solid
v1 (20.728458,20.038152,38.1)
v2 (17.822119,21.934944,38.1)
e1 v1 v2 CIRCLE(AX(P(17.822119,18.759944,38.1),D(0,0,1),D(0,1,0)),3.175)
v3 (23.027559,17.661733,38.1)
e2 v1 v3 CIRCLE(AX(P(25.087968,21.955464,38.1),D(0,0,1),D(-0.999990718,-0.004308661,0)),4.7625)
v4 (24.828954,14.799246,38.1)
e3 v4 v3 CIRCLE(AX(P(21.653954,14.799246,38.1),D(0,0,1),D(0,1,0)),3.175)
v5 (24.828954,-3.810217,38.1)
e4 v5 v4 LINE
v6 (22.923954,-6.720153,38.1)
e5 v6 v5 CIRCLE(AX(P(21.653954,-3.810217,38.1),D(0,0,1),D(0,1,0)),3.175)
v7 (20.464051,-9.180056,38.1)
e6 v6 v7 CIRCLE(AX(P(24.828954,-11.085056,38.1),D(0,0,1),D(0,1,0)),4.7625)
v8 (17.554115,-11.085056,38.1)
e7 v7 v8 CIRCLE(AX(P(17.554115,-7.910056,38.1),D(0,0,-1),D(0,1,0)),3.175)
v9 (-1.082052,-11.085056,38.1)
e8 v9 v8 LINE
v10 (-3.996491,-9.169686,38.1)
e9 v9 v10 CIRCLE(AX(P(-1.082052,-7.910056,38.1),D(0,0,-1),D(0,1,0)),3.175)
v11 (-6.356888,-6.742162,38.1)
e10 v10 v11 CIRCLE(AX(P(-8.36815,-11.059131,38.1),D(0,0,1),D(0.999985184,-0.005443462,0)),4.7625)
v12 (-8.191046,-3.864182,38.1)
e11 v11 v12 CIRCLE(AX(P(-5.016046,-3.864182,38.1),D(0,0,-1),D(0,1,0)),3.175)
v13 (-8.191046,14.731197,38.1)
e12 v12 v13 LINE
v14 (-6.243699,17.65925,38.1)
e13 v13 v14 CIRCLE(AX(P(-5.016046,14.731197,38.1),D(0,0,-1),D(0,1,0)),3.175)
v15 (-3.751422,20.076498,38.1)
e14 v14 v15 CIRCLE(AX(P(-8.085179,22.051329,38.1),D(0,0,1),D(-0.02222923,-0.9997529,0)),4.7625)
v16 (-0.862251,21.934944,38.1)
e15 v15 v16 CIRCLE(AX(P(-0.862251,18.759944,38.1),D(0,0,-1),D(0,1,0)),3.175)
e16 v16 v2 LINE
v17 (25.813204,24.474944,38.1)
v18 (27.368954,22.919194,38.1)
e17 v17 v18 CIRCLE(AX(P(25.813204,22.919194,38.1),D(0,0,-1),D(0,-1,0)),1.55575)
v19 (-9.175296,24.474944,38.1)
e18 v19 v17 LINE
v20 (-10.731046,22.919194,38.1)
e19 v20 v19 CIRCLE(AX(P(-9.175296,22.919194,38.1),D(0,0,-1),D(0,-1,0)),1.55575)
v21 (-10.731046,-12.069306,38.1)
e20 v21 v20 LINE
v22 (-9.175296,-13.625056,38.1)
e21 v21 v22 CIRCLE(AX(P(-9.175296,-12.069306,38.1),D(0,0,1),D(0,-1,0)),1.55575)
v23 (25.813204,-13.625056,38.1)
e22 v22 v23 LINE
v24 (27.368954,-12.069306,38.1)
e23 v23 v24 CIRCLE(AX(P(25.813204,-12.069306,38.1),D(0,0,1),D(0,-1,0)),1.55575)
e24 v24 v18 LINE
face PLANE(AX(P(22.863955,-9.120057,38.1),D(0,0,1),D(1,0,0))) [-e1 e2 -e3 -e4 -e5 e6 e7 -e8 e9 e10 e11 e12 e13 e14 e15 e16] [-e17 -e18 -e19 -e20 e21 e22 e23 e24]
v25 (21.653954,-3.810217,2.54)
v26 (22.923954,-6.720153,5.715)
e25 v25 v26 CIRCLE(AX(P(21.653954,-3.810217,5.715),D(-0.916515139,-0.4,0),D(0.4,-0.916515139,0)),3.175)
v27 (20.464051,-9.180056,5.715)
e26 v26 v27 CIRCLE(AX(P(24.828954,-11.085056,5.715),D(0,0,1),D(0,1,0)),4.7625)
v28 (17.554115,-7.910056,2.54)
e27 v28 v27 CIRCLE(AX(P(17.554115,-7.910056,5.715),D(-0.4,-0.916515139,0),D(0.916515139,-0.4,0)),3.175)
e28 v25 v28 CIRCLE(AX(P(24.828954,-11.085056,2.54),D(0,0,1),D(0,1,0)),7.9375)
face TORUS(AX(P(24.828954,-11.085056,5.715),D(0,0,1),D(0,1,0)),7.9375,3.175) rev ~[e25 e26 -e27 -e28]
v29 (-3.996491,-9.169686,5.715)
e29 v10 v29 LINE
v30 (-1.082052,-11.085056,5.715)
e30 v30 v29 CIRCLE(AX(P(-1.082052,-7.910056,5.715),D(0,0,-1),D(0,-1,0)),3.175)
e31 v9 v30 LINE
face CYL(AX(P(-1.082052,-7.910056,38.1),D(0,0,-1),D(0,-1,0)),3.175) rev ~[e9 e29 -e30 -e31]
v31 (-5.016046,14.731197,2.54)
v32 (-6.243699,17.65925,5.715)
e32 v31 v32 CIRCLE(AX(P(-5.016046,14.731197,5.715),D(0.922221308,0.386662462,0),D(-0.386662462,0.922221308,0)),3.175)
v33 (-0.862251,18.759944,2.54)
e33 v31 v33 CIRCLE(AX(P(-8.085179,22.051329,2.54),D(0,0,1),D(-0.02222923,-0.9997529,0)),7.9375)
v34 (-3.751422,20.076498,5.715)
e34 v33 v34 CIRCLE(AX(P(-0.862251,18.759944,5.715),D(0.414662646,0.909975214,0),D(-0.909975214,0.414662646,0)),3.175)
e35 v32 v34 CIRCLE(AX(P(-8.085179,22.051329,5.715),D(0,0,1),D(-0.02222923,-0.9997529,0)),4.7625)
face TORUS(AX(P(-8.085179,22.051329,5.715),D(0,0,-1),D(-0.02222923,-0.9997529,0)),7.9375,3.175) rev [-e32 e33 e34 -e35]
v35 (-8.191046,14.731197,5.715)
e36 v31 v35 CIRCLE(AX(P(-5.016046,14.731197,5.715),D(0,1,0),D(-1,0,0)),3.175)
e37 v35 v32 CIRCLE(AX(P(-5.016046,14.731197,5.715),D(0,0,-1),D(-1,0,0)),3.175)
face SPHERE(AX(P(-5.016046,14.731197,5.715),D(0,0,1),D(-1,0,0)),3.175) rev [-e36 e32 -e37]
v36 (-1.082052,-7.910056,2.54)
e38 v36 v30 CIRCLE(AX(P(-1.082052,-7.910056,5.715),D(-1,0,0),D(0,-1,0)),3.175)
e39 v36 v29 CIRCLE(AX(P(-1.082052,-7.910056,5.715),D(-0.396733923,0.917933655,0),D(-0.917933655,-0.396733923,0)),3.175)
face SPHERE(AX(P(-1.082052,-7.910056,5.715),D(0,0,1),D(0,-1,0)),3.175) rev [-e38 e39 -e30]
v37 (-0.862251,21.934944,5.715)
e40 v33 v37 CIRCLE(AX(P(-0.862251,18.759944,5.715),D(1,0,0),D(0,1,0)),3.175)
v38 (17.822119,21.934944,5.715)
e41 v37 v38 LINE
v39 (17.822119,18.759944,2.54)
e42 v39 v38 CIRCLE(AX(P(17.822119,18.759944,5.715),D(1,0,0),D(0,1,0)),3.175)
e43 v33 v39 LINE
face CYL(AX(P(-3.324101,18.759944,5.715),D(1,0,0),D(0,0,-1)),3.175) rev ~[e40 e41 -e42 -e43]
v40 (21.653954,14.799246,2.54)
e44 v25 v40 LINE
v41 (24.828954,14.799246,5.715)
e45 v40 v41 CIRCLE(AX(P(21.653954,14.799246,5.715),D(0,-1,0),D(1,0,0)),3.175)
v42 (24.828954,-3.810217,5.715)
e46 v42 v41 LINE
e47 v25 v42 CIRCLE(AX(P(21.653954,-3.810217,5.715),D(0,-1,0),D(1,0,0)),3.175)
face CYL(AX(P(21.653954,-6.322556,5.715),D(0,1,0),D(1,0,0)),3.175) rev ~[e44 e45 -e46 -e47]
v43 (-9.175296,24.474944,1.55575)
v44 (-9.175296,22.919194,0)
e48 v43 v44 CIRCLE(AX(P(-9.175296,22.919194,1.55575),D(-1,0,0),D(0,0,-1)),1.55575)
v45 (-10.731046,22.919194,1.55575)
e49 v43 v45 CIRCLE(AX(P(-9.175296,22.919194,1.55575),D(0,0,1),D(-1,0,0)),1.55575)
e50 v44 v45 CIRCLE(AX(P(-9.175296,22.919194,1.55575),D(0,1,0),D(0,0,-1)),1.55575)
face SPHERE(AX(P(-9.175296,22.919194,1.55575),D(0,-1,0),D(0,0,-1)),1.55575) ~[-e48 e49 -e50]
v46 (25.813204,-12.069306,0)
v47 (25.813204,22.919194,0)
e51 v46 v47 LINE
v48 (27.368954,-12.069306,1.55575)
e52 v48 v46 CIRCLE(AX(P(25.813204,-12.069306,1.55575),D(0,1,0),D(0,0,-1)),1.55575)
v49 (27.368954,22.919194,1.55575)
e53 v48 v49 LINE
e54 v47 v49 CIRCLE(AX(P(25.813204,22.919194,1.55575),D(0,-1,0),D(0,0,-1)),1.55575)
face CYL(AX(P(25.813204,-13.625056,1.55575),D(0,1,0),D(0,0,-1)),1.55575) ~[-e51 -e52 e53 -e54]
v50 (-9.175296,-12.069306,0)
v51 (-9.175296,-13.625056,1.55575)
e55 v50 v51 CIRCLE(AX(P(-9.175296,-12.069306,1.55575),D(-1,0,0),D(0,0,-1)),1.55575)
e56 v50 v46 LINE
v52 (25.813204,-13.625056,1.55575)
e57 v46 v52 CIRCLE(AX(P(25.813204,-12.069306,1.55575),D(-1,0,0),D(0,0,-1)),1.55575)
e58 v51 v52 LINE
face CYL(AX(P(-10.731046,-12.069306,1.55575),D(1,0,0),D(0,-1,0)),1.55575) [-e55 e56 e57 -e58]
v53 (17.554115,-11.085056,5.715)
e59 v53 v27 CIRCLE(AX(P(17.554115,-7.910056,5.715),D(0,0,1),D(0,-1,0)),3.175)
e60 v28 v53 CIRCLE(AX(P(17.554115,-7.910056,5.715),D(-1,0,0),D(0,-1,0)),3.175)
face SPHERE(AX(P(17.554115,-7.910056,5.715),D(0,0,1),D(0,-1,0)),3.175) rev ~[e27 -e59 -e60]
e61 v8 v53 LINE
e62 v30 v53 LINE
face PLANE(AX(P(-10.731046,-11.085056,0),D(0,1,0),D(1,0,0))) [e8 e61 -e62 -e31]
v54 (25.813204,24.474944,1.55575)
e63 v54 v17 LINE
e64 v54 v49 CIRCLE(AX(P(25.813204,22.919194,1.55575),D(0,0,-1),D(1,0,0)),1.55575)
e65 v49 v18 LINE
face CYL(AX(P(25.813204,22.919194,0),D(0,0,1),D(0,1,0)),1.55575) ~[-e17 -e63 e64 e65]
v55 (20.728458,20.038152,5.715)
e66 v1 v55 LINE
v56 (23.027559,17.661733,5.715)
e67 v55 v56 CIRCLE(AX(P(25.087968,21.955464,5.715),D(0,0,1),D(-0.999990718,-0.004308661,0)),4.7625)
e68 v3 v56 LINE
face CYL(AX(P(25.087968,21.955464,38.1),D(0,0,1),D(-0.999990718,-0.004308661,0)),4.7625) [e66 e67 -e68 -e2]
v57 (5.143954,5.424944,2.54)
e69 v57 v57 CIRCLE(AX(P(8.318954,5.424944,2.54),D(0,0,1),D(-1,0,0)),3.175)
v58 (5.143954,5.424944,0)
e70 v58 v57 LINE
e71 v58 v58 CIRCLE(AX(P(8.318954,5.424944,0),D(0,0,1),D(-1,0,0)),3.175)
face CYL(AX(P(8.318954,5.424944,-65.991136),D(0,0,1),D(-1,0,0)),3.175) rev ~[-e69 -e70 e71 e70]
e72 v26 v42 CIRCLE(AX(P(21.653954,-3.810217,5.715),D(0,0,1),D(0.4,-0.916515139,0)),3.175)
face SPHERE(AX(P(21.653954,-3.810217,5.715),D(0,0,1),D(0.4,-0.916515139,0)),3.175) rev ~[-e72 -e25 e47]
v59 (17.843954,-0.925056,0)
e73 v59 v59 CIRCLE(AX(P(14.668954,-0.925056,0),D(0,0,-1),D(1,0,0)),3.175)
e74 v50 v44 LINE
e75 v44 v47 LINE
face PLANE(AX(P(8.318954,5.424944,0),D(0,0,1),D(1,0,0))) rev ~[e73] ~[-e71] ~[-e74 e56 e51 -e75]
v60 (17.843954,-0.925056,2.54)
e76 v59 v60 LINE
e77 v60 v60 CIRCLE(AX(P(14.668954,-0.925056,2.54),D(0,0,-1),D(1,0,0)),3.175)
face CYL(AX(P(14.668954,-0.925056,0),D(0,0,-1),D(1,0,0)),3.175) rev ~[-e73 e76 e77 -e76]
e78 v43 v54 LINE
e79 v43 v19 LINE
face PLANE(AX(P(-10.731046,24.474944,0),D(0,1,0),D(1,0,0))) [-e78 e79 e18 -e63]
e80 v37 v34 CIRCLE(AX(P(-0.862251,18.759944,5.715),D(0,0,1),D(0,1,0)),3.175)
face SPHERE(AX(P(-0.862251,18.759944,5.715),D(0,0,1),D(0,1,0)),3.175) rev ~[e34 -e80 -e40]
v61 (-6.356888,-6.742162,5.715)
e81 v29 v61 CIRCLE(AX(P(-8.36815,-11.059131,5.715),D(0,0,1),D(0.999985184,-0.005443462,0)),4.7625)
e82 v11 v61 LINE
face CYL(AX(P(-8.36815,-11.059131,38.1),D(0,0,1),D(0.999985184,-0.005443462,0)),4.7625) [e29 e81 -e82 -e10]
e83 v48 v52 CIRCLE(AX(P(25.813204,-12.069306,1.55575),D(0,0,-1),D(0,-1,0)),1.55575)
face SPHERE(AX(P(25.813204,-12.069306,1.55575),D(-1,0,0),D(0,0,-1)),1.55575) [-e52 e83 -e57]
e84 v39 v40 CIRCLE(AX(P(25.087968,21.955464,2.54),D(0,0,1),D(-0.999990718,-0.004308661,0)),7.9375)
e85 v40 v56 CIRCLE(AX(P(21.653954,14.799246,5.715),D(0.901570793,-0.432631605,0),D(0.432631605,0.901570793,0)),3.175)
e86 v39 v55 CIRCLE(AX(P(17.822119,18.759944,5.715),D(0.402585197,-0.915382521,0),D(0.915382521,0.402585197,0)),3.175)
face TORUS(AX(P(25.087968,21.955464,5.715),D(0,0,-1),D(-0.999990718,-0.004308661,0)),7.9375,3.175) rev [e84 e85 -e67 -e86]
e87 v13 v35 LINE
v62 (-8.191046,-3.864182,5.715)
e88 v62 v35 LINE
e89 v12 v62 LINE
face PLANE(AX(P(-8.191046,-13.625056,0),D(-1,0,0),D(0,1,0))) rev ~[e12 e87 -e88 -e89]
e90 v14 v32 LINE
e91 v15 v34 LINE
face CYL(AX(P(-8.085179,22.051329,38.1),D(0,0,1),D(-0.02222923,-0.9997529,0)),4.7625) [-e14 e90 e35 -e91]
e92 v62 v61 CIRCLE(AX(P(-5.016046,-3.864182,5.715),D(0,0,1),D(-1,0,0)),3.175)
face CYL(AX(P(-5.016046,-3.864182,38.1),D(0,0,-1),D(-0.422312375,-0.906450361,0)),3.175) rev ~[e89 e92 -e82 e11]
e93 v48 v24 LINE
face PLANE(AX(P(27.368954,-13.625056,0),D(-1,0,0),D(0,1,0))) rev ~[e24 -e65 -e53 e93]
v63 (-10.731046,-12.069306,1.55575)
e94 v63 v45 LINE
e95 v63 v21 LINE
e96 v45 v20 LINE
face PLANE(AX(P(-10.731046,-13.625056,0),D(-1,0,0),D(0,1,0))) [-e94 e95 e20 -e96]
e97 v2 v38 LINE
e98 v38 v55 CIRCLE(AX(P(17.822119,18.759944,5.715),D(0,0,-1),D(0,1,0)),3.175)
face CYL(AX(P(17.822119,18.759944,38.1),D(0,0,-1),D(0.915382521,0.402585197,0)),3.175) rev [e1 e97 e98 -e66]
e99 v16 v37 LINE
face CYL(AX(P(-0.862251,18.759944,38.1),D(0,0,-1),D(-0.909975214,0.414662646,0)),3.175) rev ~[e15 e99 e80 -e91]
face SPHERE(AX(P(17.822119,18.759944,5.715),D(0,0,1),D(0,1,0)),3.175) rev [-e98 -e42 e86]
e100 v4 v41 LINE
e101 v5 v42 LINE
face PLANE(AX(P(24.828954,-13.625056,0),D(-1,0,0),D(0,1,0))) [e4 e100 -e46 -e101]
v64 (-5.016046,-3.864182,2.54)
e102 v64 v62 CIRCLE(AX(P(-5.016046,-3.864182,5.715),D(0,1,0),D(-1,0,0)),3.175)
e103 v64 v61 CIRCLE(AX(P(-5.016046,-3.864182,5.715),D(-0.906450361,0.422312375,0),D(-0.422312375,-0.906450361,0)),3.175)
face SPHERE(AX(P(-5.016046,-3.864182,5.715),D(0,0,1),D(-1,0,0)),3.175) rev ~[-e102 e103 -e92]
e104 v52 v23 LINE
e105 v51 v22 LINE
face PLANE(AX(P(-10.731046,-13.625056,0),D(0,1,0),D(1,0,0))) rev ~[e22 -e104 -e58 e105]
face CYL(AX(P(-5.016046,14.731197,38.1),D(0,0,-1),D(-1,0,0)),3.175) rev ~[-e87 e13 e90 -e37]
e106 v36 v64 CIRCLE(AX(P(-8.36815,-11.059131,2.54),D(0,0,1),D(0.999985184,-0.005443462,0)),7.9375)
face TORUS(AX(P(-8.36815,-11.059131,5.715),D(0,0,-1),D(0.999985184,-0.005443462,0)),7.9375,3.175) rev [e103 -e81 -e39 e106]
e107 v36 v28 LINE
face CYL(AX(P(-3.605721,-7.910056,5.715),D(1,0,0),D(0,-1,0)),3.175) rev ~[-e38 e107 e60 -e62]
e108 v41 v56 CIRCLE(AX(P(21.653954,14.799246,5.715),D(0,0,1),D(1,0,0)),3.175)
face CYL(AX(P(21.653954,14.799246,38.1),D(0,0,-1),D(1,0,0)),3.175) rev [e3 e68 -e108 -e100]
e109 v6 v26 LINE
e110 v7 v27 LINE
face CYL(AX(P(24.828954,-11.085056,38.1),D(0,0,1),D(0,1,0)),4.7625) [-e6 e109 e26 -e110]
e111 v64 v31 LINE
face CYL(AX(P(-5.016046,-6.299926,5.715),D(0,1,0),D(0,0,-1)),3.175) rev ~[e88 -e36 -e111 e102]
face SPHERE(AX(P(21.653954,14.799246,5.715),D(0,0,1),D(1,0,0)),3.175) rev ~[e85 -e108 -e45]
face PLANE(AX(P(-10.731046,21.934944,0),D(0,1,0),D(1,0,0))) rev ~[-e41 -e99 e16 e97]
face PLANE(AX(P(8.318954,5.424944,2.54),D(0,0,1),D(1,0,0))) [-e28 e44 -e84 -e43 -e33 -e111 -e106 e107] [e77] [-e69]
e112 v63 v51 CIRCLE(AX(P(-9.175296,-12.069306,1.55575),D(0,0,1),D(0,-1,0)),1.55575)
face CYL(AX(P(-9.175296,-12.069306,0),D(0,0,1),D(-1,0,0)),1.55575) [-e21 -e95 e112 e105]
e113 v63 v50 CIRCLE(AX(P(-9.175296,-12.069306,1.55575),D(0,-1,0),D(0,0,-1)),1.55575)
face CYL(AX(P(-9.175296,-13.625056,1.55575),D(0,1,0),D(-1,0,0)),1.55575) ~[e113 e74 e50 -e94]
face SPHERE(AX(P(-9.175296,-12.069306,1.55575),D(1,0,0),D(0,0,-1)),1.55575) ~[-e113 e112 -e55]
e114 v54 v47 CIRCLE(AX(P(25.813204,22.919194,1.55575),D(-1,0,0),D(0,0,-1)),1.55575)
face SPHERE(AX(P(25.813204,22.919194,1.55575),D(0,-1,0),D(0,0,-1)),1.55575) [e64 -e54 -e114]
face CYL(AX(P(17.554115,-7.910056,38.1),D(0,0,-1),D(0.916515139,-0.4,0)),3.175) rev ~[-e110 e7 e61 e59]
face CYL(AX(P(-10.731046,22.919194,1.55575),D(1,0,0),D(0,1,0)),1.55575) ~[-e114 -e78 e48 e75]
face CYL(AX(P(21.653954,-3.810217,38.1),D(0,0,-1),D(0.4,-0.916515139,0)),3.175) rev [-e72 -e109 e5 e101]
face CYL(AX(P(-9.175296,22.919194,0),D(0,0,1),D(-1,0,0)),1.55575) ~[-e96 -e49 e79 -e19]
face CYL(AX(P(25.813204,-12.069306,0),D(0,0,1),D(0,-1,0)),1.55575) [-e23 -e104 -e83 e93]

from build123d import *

# Parameters (mm, degrees)
F0_W      = 38.1
F0_H      = 38.1
F1_DEPTH  = 38.1
F2_T      = -2.54
F4_D      = 6.35
F5_R      = 1.55575
F7_DEPTH  = 35.56
F8_R      = 3.175
F9_R      = 3.175
F10_DEPTH = 38.101


with BuildPart() as f1:
    # F0 (on Top) → F1 (new body)
    with BuildSketch(Plane.XY):
        with Locations((8.3189541474, 5.4249440373)):
            Rectangle(F0_W, F0_H)
    extrude(amount=F1_DEPTH)

    # F2
    f2_openings = [f1.faces().sort_by_distance(p)[0] for p in [
        (8.318954, 5.424944, 38.1),
    ]]
    offset(amount=F2_T, openings=f2_openings)

    # F4 (through all)
    with Locations(Plane(origin=(0, 0, 0), x_dir=(1, 0, 0), z_dir=(0, 0, -1))):
        with Locations((8.3189541474, -5.4249440373)):
            Hole(F4_D / 2)

    # F5
    f5_edges = [f1.edges().sort_by_distance(p)[0] for p in [
        (8.318954, -13.625056, 0),
        (-10.731046, 5.424944, 0),
        (27.368954, 5.424944, 0),
        (8.318954, 24.474944, 0),
        (27.368954, 24.474944, 19.05),
        (27.368954, -13.625056, 19.05),
        (-10.731046, 24.474944, 19.05),
        (-10.731046, -13.625056, 19.05),
    ]]
    fillet(f5_edges, radius=F5_R)

    # F6 (on face) → F7 (join, through all)
    with BuildSketch(Plane.XY.offset(38.1)):
        with BuildLine():
            Line((24.8289541474, -11.0850559627), (24.8289541474, -6.3225559627))
            ThreePointArc((24.8289541474, -6.3225559627), (21.461358102, -7.7174599173), (20.0664541474, -11.0850559627))
            Line((20.0664541474, -11.0850559627), (24.8289541474, -11.0850559627))
        make_face()
        with BuildLine():
            Line((24.8289541474, 21.9349440373), (20.3255117221, 21.9349440373))
            ThreePointArc((20.3255117221, 21.9349440373), (21.6370716814, 18.6732811952), (24.8289541474, 17.2000126029))
            Line((24.8289541474, 17.2000126029), (24.8289541474, 21.9349440373))
        make_face()
        with BuildLine():
            Line((-8.1910458526, 21.9349440373), (-8.1910458526, 17.2900056063))
            ThreePointArc((-8.1910458526, 17.2900056063), (-4.797077777, 18.606071813), (-3.3241014455, 21.9349440373))
            Line((-3.3241014455, 21.9349440373), (-8.1910458526, 21.9349440373))
        make_face()
        with BuildLine():
            Line((-8.1910458526, -11.0850559627), (-3.6057208911, -11.0850559627))
            ThreePointArc((-3.6057208911, -11.0850559627), (-4.9295289639, -7.7640913608), (-8.1910458526, -6.2999256305))
            Line((-8.1910458526, -6.2999256305), (-8.1910458526, -11.0850559627))
        make_face()
    extrude(amount=-F7_DEPTH)

    # F8
    f8_edges = [f1.edges().sort_by_distance(p)[0] for p in [
        (24.828954, 17.200013, 20.32),
        (24.828954, 5.438728, 2.54),
        (21.637072, 18.673281, 2.54),
        (20.325512, 21.934944, 20.32),
        (8.500705, 21.934944, 2.54),
        (24.828954, -6.322556, 20.32),
        (21.461358, -7.71746, 2.54),
        (20.066454, -11.085056, 20.32),
        (8.230367, -11.085056, 2.54),
        (-4.929529, -7.764091, 2.54),
        (-8.191046, -6.299926, 20.32),
        (-3.605721, -11.085056, 20.32),
        (-4.797078, 18.606072, 2.54),
        (-8.191046, 17.290006, 20.32),
        (-8.191046, 5.49504, 2.54),
        (-3.324101, 21.934944, 20.32),
    ]]
    fillet(f8_edges, radius=F8_R)

    # F9 (on face) → F10 (cut, through all)
    with BuildSketch(Plane(origin=(0, 0, 0), x_dir=(1, 0, 0), z_dir=(0, 0, -1))):
        with Locations((14.6689541474, 0.9250559627)):
            Circle(F9_R)
    extrude(amount=-F10_DEPTH, mode=Mode.SUBTRACT)


solid = f1.part
